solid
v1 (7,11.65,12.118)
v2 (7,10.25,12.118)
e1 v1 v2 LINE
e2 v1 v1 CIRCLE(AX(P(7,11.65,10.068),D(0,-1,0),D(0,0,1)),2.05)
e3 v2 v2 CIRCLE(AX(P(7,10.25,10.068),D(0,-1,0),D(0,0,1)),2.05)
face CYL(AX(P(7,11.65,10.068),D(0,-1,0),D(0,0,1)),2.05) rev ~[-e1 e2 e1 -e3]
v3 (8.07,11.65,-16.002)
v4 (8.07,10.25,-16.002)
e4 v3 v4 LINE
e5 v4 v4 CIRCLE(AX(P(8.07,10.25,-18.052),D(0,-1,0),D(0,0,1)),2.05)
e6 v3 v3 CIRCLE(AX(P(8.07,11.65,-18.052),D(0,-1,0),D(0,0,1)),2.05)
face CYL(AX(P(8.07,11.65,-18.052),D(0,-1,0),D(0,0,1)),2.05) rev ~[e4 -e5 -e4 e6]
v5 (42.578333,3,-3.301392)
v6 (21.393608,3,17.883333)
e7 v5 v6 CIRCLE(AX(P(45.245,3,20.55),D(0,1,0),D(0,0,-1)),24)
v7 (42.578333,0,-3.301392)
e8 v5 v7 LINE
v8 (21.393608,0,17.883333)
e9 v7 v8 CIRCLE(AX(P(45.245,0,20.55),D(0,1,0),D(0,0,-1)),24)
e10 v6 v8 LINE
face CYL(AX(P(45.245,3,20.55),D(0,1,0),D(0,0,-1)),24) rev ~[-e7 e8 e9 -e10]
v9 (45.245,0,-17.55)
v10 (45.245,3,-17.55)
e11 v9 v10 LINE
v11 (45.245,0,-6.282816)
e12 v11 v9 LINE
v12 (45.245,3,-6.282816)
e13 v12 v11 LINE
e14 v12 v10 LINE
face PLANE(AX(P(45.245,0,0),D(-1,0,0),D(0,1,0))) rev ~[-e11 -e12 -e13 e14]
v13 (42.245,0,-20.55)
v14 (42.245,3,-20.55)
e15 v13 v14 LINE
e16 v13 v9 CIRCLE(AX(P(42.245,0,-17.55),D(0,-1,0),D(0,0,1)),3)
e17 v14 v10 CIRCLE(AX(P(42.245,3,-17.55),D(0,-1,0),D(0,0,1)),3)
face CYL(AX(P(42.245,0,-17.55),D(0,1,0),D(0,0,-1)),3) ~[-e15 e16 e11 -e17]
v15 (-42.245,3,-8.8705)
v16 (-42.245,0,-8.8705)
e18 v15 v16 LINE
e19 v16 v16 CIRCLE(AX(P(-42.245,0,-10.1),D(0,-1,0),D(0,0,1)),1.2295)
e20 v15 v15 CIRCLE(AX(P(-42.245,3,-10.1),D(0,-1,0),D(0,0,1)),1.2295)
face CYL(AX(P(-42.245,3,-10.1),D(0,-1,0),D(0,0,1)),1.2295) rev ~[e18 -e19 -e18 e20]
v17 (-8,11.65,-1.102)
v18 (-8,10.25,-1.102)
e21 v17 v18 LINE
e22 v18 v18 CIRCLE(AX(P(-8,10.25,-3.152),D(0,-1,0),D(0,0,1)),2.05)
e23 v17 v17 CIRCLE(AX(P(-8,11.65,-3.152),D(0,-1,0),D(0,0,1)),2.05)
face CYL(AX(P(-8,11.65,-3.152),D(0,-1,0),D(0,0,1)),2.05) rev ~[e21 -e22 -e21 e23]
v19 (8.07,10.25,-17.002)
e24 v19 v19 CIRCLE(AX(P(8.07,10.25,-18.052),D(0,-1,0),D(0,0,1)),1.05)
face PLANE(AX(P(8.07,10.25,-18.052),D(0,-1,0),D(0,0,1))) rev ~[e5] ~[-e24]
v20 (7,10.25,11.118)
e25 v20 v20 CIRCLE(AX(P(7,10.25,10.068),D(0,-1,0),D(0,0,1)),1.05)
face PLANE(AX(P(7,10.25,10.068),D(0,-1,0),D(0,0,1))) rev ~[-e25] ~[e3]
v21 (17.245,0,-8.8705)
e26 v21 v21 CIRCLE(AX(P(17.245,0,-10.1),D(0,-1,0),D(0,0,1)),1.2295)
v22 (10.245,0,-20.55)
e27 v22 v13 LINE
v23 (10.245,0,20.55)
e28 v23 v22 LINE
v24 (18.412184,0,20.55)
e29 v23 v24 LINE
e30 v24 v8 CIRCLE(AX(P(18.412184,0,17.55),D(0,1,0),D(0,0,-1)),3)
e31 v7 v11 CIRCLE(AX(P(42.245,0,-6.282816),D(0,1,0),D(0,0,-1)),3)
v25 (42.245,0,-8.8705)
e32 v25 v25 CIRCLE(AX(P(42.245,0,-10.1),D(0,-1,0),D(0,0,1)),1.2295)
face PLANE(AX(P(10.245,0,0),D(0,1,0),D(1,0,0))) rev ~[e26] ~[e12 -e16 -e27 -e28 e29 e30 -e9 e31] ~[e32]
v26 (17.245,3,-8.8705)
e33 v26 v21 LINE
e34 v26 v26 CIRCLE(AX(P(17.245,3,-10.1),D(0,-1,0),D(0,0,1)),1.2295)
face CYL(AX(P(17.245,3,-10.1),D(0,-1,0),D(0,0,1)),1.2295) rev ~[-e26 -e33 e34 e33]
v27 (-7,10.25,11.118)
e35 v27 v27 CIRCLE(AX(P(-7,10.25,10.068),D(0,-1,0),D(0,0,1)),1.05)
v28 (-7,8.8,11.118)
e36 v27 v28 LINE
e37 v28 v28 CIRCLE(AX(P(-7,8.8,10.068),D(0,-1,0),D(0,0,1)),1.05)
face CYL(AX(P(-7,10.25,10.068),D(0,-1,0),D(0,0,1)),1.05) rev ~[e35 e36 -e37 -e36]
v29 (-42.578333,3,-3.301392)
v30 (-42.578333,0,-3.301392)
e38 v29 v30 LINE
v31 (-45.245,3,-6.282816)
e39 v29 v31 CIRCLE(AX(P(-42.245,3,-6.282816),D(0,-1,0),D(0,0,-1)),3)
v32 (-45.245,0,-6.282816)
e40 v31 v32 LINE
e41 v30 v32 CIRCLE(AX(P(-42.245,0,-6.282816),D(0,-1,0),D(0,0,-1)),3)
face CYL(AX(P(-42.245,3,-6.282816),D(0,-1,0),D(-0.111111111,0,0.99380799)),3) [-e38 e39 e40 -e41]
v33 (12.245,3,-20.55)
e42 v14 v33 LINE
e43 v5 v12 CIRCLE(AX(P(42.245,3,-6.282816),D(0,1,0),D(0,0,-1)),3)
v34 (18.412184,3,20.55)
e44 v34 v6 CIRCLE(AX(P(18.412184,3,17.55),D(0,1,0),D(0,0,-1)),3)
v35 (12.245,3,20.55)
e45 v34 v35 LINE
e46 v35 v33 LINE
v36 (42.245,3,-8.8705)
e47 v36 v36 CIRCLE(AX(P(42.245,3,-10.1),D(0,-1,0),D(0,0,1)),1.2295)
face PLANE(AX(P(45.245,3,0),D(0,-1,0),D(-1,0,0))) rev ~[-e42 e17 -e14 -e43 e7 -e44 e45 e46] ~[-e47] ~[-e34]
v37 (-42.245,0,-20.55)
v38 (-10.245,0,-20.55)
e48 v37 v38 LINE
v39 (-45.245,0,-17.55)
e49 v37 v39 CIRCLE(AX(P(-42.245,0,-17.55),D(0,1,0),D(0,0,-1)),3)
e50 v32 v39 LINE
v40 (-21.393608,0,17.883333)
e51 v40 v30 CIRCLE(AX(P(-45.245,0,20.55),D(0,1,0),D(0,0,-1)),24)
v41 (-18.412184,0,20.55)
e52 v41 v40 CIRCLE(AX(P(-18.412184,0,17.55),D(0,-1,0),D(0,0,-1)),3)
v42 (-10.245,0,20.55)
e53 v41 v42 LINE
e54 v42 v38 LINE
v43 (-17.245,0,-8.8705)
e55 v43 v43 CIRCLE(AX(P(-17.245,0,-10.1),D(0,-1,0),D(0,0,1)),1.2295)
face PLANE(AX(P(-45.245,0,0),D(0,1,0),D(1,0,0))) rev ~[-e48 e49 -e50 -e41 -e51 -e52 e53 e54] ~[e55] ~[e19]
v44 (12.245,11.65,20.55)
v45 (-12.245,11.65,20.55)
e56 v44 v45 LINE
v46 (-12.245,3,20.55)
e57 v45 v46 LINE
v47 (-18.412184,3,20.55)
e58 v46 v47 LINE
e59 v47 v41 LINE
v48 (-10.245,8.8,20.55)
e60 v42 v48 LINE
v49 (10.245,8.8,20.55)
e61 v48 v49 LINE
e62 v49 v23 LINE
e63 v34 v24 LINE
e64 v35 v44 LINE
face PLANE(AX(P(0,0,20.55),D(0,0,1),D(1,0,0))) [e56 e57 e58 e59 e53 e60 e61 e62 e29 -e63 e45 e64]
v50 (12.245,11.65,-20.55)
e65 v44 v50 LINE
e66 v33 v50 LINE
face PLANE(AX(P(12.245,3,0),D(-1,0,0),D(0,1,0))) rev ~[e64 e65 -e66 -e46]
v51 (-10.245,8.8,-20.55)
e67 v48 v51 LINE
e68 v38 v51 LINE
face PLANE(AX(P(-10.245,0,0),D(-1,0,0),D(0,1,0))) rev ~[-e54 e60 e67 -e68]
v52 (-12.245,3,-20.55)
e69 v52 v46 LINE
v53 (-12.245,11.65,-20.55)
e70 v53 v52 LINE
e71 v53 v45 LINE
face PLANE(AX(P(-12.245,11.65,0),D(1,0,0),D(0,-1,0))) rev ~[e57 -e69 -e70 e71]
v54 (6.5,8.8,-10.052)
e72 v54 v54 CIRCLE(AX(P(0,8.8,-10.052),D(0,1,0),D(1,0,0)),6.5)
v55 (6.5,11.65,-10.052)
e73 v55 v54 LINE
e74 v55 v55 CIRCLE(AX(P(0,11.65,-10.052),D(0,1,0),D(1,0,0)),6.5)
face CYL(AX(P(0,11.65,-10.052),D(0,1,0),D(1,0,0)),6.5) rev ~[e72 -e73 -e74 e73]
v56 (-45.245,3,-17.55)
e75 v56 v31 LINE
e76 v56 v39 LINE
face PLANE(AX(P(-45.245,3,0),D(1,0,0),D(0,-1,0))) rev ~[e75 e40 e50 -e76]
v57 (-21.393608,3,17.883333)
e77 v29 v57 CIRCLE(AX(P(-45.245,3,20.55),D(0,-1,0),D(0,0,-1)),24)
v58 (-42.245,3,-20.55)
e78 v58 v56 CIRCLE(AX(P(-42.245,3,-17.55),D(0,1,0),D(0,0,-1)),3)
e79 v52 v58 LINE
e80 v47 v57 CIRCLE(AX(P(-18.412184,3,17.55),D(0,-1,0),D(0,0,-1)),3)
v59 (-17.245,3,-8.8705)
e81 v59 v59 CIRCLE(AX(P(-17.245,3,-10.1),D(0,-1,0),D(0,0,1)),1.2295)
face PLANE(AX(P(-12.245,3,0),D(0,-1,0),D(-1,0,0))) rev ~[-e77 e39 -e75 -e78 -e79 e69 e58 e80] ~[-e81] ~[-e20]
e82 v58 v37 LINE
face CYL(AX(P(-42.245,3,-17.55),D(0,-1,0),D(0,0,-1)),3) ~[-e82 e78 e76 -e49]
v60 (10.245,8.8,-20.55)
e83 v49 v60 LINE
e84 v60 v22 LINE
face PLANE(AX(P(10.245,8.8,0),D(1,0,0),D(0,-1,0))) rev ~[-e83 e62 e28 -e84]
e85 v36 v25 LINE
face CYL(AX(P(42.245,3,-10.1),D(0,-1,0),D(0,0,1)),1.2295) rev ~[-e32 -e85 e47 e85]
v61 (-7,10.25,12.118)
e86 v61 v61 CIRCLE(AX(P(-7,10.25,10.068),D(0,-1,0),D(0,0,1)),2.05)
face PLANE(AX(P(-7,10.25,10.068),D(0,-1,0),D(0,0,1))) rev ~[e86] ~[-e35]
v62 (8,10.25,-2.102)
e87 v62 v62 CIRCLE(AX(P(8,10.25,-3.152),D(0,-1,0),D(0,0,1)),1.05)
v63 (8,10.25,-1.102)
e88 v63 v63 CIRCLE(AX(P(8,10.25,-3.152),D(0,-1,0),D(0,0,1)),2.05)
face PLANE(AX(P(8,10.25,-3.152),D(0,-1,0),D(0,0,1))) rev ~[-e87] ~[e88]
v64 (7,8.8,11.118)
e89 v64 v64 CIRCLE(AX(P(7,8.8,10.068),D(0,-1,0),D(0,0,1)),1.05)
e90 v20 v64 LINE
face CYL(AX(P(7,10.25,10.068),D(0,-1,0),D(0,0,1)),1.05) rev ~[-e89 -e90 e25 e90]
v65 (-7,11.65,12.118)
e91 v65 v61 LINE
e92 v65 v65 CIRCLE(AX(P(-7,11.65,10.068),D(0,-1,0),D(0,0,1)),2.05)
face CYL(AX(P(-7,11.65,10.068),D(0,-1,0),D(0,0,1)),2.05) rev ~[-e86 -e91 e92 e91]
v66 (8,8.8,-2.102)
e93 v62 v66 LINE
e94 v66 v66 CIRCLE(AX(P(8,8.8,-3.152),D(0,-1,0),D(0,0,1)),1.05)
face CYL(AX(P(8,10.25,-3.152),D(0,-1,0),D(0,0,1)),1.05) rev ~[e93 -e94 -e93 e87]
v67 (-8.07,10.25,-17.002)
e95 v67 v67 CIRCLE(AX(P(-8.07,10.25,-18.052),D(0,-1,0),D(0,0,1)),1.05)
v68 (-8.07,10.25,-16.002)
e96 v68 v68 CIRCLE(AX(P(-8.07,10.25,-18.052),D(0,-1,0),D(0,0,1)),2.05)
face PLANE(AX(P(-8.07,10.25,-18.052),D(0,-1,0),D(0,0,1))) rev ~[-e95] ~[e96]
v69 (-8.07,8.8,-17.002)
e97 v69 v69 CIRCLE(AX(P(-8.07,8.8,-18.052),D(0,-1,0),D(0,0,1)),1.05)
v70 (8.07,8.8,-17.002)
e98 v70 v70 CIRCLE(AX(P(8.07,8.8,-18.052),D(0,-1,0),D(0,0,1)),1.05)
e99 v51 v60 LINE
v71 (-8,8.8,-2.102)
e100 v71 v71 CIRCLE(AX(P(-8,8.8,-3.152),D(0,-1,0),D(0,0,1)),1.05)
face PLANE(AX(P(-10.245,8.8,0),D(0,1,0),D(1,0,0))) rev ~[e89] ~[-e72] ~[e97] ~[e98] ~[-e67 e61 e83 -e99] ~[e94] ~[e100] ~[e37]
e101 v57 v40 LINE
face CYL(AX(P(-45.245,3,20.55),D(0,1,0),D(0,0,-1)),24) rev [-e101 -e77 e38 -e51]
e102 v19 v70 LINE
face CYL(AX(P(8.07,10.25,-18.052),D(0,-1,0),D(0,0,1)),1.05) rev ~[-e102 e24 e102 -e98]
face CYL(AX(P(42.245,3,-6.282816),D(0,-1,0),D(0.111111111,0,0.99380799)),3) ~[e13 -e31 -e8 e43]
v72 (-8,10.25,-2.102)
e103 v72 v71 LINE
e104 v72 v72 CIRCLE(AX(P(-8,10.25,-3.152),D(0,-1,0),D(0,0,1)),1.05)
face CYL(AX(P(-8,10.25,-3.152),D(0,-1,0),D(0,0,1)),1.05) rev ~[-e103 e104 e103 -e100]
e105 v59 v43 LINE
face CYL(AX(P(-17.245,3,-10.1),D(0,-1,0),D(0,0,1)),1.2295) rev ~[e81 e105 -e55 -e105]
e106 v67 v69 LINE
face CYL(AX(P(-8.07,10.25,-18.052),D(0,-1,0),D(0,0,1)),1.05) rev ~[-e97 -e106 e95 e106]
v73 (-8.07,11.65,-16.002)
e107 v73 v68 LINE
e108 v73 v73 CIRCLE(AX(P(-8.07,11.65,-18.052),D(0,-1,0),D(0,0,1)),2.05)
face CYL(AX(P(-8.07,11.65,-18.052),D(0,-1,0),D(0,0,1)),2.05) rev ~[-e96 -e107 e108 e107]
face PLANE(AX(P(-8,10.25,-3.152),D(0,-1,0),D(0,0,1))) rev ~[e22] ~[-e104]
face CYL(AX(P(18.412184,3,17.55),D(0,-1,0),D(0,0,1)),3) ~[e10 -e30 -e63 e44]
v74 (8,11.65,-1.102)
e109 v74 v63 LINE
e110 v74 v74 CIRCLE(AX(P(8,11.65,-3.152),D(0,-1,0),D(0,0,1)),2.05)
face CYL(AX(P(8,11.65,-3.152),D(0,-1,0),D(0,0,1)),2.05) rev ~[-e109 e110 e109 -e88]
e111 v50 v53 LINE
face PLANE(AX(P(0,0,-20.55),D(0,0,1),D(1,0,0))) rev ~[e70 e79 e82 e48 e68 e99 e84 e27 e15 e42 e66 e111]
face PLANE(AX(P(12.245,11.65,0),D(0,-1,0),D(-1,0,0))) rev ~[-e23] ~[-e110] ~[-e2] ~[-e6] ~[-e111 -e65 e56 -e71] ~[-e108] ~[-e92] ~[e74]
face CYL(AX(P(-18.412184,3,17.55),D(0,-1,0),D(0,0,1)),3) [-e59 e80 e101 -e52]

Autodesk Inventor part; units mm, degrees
ref_plane "YZ Plane" through (0, 0, 0) normal (1, 0, 0) x (0, 1, 0)
ref_plane "XZ Plane" through (0, 0, 0) normal (0, 1, 0) x (-1, 0, 0)
ref_plane "XY Plane" through (0, 0, 0) normal (0, 0, 1) x (1, 0, 0)
sketch "Sketch1" plane through (0, 0, 0) normal (0, 0, 1) x (1, 0, 0)
  line L0 (-12.245, 11.65) -> (-12.245, 3)
  line L1 (-12.245, 3) -> (-45.245, 3)
  line L2 (-45.245, 3) -> (-45.245, 0)
  line L3 (-45.245, 0) -> (-10.245, 0)
  line L4 (-10.245, 0) -> (-10.245, 8.8)
  line L5 (-10.245, 8.8) -> (10.245, 8.8)
  line L6 (10.245, 8.8) -> (10.245, 0)
  line L7 (10.245, 0) -> (45.245, 0)
  line L8 (45.245, 0) -> (45.245, 3)
  line L9 (45.245, 3) -> (12.245, 3)
  line L10 (12.245, 3) -> (12.245, 11.65)
  line L11 (12.245, 11.65) -> (-12.245, 11.65)
  line L12 (-10.245, 0) -> (10.245, 0) construction
  point P0 (0, 0)
  point P1 (0, 11.65)
  point P2 (0, 0)
  point P3 (-12.245, 7.325)
  point P4 (12.245, 7.325)
  dimension "d0" = 20.49
  dimension "d1" = 2.85
  dimension "d3" = 5.8
  dimension "d4" = 3
  dimension "d5" = 3
  dimension "d6" = 35
  dimension "d7" = 35
  dimension "d73" = 33
  dimension "d74" = 33
extrude "Extrusion1" add sketch "Sketch1" along normal mid plane 41.1
sketch "Sketch8" plane through (12.245, 3, 20.55) normal (0, 1, 0) x (1, 0, 0)
  line L0 (0, 41.1) -> (0, 0)
  line L1 (33, 0) -> (0, 0) projected
  line L2 (33, 41.1) -> (33, 0) projected
  line L3 (0, 41.1) -> (33, 41.1) projected
  line L4 (-57.49, 41.1) -> (-57.49, 0) projected
  line L5 (-24.49, 0) -> (-57.49, 0) projected
  line L6 (-24.49, 0) -> (-24.49, 41.1) projected
  line L7 (-57.49, 41.1) -> (-24.49, 41.1) projected
  line L8 (33, 41.1) -> (33, 0) projected
  circle A0 centre (-11.645, 30.6) radius 6.4 projected
  line L9 (-12.245, 41) -> (-12.245, 0) construction
  point P0 (-12.245, 20.55)
  point P1 (-54.49, 30.65)
  point P2 (-29.49, 30.65)
  point P3 (-57.49, 20.55)
  point P4 (30, 30.65)
  point P5 (5, 30.65)
  dimension "d42" = 3
  dimension "d43" = 25
  dimension "d51" = 10.45
  dimension "d53" = 3
hole "Hole1" at (-42.245, 3, -10.1) at (-17.245, 3, -10.1) at (17.245, 3, -10.1) at (42.245, 3, -10.1) direction (0, -1, 0) diameter 2.459 end through all thread size "M3x0.5" class "6H" standard "ISO Metric profile"
sketch "Sketch9" plane through (12.245, 3, 20.55) normal (0, 1, 0) x (1, 0, 0)
  circle A0 centre (30, 30.65) radius 1.2295 projected
  circle A1 centre (5, 30.65) radius 1.2295 projected
  line L0 (0, 41.1) -> (0, 0) projected
  line L1 (33, 0) -> (0, 0) projected
  line L2 (33, 41.1) -> (33, 0) projected
  line L3 (0, 41.1) -> (33, 41.1) projected
  arc A2 (33, 24) -> (9, 0) centre (33, 0) ccw
  point P0 (-12.245, 20.55)
  dimension "d60" = 24
extrude "Extrusion2" cut sketch "Sketch9" against normal blind 10 contours A2 L2 L1
mirror "Mirror1" about plane through (0, 0, 0) normal (1, 0, 0) of "Extrusion2"
sketch "Sketch10" plane through (-12.245, 11.65, 20.55) normal (0, 1, 0) x (1, 0, 0)
  circle A0 centre (12.245, 30.602) radius 6.5
  line L0 (0, 41.1) -> (0, 0) projected
  line L1 (24.49, 0) -> (0, 0) projected
  line L2 (24.49, 41.1) -> (24.49, 0) projected
  line L3 (0, 41.1) -> (24.49, 41.1) projected
  point P0 (12.245, 20.55)
  point P1 (12.245, 41.1)
  dimension "d75" = 13
  dimension "d76" = 10.498
extrude "Extrusion3" cut sketch "Sketch10" against normal blind 10 contours A0
sketch "Sketch11" plane through (-12.245, 11.65, 20.55) normal (0, 1, 0) x (1, 0, 0)
  circle A0 centre (5.245, 10.482) radius 0.7835
  circle A1 centre (4.245, 23.702) radius 0.7835
  circle A2 centre (4.175, 38.602) radius 0.7835
  circle A3 centre (20.315, 38.602) radius 0.7835
  circle A4 centre (20.245, 23.702) radius 0.7835
  circle A5 centre (19.245, 10.482) radius 0.7835
hole "Hole2" at (-8, 11.65, -3.152) at (8, 11.65, -3.152) at (8.07, 11.65, -18.052) at (-8.07, 11.65, -18.052) at (-7, 11.65, 10.068) at (7, 11.65, 10.068) direction (0, -1, 0) diameter 2.1 end through all counterbore diameter 4.1 counterbore depth 1.4
fillet "Fillet3" radius 3 6 edges at (-21.245, 1.5, 20.55) (-45.245, 1.5, -3.45) (-45.245, 1.5, -20.55) (21.245, 1.5, 20.55) (45.245, 1.5, -3.45) (45.245, 1.5, -20.55)
ref_plane "Work Plane1" through (0, 0, 0) normal (1, 0, 0) x (0, 1, 0)
properties part number "gripper_fixer" material "Aluminum 6061-AHC"
